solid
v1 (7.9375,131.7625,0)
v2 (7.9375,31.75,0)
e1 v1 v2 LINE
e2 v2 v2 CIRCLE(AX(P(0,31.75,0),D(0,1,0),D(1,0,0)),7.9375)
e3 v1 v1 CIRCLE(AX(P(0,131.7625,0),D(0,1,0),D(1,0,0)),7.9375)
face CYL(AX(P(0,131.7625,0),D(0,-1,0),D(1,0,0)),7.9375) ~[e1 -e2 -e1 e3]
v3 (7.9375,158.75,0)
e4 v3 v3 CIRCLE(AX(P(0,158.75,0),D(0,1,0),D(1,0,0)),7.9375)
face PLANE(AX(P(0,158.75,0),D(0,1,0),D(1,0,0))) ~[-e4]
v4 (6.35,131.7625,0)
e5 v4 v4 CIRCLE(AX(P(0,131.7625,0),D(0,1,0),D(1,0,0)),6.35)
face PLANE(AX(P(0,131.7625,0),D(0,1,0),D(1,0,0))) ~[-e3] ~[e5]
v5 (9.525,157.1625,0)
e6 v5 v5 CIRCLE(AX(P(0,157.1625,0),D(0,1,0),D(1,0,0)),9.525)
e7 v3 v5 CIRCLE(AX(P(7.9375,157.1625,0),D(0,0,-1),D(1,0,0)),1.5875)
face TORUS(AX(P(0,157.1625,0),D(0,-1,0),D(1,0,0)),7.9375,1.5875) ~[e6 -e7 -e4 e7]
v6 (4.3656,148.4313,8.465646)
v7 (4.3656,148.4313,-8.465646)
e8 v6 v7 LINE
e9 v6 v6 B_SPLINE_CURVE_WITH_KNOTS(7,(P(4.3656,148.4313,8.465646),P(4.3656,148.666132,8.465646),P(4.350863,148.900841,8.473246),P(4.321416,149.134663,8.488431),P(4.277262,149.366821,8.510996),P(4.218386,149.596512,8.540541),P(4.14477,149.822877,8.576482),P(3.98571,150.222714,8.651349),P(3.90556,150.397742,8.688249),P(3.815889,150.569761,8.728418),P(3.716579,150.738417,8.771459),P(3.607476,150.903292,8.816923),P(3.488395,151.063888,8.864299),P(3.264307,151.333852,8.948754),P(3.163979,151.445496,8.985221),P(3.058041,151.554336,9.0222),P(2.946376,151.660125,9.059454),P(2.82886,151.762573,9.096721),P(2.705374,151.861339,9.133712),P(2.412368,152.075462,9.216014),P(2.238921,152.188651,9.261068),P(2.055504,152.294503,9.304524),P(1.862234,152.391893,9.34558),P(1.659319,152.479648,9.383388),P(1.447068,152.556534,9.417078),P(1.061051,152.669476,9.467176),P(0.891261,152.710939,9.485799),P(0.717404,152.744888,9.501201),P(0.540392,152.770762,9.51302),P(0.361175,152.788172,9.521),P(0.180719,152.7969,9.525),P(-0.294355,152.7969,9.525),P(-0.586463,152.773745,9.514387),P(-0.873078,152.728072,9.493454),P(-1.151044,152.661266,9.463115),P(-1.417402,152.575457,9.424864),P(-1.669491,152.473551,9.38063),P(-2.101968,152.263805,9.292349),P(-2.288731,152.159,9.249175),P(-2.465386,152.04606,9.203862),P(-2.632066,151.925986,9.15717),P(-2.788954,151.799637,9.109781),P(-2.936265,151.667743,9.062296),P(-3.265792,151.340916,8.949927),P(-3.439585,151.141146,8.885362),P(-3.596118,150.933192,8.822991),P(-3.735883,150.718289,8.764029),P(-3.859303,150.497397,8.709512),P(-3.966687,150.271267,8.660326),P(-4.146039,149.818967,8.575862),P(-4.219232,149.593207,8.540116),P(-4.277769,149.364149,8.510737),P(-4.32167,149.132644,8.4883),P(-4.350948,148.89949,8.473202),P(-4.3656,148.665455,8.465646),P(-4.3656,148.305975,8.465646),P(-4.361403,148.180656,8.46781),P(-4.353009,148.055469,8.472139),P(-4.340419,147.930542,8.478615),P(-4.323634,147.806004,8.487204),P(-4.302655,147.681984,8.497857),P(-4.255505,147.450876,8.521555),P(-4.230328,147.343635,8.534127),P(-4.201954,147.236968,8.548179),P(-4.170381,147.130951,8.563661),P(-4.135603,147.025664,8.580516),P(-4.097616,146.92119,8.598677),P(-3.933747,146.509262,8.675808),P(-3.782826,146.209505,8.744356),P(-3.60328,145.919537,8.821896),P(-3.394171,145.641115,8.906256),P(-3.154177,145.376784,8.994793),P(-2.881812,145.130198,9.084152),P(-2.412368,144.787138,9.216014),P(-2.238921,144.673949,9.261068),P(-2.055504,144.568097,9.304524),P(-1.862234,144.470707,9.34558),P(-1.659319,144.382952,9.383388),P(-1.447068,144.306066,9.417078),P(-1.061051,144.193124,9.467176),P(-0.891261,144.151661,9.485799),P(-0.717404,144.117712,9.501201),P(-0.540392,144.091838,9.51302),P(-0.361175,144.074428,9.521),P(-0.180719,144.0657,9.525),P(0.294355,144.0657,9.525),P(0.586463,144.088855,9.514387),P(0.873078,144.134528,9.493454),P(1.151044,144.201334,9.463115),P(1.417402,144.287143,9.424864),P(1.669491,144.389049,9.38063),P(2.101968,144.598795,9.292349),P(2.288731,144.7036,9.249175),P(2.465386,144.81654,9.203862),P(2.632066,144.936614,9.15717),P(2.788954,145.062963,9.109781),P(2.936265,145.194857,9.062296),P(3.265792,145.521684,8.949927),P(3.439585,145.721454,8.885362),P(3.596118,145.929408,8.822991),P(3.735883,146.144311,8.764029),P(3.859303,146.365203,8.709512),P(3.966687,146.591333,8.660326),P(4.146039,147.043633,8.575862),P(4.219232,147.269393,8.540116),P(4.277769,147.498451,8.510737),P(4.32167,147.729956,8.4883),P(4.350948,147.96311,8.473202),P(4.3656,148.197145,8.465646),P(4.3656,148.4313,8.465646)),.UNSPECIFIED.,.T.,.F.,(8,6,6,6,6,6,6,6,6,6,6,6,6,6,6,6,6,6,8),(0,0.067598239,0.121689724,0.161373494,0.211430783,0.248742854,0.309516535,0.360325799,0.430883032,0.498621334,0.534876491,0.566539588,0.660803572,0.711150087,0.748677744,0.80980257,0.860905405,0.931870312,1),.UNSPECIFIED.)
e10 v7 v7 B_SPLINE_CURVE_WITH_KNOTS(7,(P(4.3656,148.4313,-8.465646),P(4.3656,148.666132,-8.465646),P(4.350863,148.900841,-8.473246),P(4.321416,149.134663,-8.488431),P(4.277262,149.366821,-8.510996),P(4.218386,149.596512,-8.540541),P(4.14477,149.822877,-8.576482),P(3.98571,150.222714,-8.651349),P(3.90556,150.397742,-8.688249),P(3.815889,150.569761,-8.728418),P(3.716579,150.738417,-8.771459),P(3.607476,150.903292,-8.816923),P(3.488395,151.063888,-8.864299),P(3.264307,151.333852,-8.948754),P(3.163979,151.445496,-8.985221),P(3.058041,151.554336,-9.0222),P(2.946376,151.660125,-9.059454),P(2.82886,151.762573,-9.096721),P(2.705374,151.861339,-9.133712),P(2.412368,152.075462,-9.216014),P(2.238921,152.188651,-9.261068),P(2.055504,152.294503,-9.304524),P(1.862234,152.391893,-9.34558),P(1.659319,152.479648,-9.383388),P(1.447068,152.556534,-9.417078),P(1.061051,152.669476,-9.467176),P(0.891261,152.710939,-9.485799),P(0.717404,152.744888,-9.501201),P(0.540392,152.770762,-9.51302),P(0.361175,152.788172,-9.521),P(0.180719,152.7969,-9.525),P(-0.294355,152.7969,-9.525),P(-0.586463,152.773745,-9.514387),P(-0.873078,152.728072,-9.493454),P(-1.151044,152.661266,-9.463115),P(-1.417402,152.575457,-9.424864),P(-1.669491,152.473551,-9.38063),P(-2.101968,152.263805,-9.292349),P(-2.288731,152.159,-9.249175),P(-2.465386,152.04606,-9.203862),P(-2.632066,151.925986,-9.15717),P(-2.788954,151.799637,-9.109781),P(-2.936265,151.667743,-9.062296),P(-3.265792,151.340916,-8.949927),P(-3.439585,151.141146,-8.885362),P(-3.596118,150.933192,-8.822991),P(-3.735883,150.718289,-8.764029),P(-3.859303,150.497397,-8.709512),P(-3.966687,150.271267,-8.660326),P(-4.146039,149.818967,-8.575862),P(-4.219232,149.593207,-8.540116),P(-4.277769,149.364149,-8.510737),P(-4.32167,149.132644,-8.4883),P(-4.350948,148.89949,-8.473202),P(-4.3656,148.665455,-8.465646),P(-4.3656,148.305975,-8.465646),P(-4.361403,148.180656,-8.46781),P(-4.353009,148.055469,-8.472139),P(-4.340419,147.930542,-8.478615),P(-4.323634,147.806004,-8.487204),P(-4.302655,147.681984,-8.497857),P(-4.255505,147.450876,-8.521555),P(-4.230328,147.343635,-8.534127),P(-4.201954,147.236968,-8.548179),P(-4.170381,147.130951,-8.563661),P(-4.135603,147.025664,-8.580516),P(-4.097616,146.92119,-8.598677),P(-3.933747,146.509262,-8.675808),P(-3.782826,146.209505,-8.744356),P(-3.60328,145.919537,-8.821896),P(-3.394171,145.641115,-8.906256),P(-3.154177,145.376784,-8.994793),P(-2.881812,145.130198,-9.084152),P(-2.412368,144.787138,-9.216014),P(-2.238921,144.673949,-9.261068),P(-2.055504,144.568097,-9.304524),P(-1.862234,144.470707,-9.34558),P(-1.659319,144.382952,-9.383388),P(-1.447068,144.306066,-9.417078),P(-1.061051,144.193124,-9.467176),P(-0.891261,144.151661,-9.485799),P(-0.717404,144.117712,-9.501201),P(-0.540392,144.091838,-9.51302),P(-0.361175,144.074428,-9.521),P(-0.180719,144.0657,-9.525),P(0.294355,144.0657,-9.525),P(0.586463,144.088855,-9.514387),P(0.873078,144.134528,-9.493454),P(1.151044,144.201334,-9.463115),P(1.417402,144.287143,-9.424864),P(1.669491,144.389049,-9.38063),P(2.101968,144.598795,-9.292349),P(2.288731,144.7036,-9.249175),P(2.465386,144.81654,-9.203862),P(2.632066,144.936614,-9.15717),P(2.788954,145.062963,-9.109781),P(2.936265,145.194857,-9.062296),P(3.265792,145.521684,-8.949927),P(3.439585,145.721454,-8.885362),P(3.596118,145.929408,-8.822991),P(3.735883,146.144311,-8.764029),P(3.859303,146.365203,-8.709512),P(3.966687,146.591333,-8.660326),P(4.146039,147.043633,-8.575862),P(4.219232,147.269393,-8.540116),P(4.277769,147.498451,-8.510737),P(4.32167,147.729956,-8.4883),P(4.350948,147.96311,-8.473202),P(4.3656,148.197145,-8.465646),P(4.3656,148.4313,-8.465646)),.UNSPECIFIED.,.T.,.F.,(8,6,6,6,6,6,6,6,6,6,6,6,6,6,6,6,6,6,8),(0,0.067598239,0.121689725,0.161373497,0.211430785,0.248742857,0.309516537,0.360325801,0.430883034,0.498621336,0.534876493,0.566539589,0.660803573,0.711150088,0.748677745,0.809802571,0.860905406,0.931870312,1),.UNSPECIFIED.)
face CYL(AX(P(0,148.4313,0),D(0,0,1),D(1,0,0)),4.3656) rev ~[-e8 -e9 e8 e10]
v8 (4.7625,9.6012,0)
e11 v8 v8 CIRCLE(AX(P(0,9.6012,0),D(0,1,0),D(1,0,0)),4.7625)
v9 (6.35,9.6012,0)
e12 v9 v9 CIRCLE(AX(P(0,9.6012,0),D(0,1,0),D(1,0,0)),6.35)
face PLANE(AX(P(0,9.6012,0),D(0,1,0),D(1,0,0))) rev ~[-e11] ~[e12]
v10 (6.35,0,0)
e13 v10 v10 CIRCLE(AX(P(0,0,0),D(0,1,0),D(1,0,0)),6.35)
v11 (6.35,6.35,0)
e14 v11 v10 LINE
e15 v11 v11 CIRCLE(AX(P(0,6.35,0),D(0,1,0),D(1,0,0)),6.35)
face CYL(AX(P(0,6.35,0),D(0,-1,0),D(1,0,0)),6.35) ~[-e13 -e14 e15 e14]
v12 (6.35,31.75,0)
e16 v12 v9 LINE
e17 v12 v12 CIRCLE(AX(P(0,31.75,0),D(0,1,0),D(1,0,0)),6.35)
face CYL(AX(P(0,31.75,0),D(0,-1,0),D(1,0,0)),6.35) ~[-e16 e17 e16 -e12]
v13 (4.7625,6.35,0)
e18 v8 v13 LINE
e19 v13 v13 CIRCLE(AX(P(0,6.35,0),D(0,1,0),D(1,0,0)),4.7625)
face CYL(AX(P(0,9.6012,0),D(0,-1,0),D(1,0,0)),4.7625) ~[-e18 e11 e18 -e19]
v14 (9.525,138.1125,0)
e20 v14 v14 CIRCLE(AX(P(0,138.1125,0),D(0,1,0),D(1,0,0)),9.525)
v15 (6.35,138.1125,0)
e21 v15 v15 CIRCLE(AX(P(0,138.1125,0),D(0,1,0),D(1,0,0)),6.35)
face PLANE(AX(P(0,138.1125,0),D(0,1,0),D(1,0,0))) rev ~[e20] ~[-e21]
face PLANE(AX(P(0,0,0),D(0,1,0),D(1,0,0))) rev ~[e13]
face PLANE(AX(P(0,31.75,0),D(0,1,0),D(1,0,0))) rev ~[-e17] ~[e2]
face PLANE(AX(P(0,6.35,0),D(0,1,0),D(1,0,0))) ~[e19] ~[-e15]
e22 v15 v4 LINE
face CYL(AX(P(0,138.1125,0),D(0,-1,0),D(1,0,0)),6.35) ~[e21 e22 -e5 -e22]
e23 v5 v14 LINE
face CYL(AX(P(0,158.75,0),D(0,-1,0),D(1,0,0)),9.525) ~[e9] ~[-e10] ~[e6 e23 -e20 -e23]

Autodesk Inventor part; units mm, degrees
ref_plane "YZ Plane" through (0, 0, 0) normal (1, 0, 0) x (0, 1, 0)
ref_plane "XZ Plane" through (0, 0, 0) normal (0, 1, 0) x (-1, 0, 0)
ref_plane "XY Plane" through (0, 0, 0) normal (0, 0, 1) x (1, 0, 0)
sketch "Sketch1" plane through (0, 0, 0) normal (0, 0, 1) x (1, 0, 0)
  line L0 (0, 158.75) -> (9.525, 158.75)
  line L1 (9.525, 158.75) -> (9.525, 138.1125)
  line L2 (9.525, 138.1125) -> (6.35, 138.1125)
  line L3 (6.35, 138.1125) -> (6.35, 131.7625)
  line L4 (6.35, 131.7625) -> (7.9375, 131.7625)
  line L5 (7.9375, 131.7625) -> (7.9375, 31.75)
  line L6 (7.9375, 31.75) -> (6.35, 31.75)
  line L7 (6.35, 31.75) -> (6.35, 9.6012)
  line L8 (6.35, 9.6012) -> (4.7625, 9.6012)
  line L9 (4.7625, 9.6012) -> (4.7625, 6.35)
  line L10 (4.7625, 6.35) -> (6.35, 6.35)
  line L11 (6.35, 6.35) -> (6.35, 0)
  line L12 (6.35, 0) -> (0, 0)
  line L13 (0, 0) -> (0, 158.75)
  dimension "d0" = 12.7
  dimension "d1" = 9.525
  dimension "d3" = 12.7
  dimension "d4" = 15.875
  dimension "d5" = 12.7
  dimension "d6" = 19.05
  dimension "d7" = 20.6375
  dimension "d8" = 6.35
  dimension "d9" = 100.0125
  dimension "d10" = 6.35
  dimension "d11" = 3.2512
  dimension "d12" = 158.75
revolve "Revolution1" add sketch "Sketch1" angle 360 about axis through (0, 0, 0) along (0, 1, 0)
thread "Thread1" size "5/8-8 Acme" class "2G" standard "ACME" full length
sketch "Sketch2" plane through (0, 0, 0) normal (0, 0, 1) x (1, 0, 0)
  line L0 (-9.525, 158.75) -> (9.525, 158.75) projected
  circle A0 centre (0, 148.4313) radius 4.3656
  point P0 (0, 158.75)
  dimension "d16" = 8.7312
  dimension "d17" = 10.3187
extrude "Extrusion1" cut sketch "Sketch2" along normal through all both and the other way through all
fillet "Fillet1" radius 1.5875 1 edges at (-9.525, 158.75, 0)
properties part number "Vise_Screw" material "Steel, Mild"
